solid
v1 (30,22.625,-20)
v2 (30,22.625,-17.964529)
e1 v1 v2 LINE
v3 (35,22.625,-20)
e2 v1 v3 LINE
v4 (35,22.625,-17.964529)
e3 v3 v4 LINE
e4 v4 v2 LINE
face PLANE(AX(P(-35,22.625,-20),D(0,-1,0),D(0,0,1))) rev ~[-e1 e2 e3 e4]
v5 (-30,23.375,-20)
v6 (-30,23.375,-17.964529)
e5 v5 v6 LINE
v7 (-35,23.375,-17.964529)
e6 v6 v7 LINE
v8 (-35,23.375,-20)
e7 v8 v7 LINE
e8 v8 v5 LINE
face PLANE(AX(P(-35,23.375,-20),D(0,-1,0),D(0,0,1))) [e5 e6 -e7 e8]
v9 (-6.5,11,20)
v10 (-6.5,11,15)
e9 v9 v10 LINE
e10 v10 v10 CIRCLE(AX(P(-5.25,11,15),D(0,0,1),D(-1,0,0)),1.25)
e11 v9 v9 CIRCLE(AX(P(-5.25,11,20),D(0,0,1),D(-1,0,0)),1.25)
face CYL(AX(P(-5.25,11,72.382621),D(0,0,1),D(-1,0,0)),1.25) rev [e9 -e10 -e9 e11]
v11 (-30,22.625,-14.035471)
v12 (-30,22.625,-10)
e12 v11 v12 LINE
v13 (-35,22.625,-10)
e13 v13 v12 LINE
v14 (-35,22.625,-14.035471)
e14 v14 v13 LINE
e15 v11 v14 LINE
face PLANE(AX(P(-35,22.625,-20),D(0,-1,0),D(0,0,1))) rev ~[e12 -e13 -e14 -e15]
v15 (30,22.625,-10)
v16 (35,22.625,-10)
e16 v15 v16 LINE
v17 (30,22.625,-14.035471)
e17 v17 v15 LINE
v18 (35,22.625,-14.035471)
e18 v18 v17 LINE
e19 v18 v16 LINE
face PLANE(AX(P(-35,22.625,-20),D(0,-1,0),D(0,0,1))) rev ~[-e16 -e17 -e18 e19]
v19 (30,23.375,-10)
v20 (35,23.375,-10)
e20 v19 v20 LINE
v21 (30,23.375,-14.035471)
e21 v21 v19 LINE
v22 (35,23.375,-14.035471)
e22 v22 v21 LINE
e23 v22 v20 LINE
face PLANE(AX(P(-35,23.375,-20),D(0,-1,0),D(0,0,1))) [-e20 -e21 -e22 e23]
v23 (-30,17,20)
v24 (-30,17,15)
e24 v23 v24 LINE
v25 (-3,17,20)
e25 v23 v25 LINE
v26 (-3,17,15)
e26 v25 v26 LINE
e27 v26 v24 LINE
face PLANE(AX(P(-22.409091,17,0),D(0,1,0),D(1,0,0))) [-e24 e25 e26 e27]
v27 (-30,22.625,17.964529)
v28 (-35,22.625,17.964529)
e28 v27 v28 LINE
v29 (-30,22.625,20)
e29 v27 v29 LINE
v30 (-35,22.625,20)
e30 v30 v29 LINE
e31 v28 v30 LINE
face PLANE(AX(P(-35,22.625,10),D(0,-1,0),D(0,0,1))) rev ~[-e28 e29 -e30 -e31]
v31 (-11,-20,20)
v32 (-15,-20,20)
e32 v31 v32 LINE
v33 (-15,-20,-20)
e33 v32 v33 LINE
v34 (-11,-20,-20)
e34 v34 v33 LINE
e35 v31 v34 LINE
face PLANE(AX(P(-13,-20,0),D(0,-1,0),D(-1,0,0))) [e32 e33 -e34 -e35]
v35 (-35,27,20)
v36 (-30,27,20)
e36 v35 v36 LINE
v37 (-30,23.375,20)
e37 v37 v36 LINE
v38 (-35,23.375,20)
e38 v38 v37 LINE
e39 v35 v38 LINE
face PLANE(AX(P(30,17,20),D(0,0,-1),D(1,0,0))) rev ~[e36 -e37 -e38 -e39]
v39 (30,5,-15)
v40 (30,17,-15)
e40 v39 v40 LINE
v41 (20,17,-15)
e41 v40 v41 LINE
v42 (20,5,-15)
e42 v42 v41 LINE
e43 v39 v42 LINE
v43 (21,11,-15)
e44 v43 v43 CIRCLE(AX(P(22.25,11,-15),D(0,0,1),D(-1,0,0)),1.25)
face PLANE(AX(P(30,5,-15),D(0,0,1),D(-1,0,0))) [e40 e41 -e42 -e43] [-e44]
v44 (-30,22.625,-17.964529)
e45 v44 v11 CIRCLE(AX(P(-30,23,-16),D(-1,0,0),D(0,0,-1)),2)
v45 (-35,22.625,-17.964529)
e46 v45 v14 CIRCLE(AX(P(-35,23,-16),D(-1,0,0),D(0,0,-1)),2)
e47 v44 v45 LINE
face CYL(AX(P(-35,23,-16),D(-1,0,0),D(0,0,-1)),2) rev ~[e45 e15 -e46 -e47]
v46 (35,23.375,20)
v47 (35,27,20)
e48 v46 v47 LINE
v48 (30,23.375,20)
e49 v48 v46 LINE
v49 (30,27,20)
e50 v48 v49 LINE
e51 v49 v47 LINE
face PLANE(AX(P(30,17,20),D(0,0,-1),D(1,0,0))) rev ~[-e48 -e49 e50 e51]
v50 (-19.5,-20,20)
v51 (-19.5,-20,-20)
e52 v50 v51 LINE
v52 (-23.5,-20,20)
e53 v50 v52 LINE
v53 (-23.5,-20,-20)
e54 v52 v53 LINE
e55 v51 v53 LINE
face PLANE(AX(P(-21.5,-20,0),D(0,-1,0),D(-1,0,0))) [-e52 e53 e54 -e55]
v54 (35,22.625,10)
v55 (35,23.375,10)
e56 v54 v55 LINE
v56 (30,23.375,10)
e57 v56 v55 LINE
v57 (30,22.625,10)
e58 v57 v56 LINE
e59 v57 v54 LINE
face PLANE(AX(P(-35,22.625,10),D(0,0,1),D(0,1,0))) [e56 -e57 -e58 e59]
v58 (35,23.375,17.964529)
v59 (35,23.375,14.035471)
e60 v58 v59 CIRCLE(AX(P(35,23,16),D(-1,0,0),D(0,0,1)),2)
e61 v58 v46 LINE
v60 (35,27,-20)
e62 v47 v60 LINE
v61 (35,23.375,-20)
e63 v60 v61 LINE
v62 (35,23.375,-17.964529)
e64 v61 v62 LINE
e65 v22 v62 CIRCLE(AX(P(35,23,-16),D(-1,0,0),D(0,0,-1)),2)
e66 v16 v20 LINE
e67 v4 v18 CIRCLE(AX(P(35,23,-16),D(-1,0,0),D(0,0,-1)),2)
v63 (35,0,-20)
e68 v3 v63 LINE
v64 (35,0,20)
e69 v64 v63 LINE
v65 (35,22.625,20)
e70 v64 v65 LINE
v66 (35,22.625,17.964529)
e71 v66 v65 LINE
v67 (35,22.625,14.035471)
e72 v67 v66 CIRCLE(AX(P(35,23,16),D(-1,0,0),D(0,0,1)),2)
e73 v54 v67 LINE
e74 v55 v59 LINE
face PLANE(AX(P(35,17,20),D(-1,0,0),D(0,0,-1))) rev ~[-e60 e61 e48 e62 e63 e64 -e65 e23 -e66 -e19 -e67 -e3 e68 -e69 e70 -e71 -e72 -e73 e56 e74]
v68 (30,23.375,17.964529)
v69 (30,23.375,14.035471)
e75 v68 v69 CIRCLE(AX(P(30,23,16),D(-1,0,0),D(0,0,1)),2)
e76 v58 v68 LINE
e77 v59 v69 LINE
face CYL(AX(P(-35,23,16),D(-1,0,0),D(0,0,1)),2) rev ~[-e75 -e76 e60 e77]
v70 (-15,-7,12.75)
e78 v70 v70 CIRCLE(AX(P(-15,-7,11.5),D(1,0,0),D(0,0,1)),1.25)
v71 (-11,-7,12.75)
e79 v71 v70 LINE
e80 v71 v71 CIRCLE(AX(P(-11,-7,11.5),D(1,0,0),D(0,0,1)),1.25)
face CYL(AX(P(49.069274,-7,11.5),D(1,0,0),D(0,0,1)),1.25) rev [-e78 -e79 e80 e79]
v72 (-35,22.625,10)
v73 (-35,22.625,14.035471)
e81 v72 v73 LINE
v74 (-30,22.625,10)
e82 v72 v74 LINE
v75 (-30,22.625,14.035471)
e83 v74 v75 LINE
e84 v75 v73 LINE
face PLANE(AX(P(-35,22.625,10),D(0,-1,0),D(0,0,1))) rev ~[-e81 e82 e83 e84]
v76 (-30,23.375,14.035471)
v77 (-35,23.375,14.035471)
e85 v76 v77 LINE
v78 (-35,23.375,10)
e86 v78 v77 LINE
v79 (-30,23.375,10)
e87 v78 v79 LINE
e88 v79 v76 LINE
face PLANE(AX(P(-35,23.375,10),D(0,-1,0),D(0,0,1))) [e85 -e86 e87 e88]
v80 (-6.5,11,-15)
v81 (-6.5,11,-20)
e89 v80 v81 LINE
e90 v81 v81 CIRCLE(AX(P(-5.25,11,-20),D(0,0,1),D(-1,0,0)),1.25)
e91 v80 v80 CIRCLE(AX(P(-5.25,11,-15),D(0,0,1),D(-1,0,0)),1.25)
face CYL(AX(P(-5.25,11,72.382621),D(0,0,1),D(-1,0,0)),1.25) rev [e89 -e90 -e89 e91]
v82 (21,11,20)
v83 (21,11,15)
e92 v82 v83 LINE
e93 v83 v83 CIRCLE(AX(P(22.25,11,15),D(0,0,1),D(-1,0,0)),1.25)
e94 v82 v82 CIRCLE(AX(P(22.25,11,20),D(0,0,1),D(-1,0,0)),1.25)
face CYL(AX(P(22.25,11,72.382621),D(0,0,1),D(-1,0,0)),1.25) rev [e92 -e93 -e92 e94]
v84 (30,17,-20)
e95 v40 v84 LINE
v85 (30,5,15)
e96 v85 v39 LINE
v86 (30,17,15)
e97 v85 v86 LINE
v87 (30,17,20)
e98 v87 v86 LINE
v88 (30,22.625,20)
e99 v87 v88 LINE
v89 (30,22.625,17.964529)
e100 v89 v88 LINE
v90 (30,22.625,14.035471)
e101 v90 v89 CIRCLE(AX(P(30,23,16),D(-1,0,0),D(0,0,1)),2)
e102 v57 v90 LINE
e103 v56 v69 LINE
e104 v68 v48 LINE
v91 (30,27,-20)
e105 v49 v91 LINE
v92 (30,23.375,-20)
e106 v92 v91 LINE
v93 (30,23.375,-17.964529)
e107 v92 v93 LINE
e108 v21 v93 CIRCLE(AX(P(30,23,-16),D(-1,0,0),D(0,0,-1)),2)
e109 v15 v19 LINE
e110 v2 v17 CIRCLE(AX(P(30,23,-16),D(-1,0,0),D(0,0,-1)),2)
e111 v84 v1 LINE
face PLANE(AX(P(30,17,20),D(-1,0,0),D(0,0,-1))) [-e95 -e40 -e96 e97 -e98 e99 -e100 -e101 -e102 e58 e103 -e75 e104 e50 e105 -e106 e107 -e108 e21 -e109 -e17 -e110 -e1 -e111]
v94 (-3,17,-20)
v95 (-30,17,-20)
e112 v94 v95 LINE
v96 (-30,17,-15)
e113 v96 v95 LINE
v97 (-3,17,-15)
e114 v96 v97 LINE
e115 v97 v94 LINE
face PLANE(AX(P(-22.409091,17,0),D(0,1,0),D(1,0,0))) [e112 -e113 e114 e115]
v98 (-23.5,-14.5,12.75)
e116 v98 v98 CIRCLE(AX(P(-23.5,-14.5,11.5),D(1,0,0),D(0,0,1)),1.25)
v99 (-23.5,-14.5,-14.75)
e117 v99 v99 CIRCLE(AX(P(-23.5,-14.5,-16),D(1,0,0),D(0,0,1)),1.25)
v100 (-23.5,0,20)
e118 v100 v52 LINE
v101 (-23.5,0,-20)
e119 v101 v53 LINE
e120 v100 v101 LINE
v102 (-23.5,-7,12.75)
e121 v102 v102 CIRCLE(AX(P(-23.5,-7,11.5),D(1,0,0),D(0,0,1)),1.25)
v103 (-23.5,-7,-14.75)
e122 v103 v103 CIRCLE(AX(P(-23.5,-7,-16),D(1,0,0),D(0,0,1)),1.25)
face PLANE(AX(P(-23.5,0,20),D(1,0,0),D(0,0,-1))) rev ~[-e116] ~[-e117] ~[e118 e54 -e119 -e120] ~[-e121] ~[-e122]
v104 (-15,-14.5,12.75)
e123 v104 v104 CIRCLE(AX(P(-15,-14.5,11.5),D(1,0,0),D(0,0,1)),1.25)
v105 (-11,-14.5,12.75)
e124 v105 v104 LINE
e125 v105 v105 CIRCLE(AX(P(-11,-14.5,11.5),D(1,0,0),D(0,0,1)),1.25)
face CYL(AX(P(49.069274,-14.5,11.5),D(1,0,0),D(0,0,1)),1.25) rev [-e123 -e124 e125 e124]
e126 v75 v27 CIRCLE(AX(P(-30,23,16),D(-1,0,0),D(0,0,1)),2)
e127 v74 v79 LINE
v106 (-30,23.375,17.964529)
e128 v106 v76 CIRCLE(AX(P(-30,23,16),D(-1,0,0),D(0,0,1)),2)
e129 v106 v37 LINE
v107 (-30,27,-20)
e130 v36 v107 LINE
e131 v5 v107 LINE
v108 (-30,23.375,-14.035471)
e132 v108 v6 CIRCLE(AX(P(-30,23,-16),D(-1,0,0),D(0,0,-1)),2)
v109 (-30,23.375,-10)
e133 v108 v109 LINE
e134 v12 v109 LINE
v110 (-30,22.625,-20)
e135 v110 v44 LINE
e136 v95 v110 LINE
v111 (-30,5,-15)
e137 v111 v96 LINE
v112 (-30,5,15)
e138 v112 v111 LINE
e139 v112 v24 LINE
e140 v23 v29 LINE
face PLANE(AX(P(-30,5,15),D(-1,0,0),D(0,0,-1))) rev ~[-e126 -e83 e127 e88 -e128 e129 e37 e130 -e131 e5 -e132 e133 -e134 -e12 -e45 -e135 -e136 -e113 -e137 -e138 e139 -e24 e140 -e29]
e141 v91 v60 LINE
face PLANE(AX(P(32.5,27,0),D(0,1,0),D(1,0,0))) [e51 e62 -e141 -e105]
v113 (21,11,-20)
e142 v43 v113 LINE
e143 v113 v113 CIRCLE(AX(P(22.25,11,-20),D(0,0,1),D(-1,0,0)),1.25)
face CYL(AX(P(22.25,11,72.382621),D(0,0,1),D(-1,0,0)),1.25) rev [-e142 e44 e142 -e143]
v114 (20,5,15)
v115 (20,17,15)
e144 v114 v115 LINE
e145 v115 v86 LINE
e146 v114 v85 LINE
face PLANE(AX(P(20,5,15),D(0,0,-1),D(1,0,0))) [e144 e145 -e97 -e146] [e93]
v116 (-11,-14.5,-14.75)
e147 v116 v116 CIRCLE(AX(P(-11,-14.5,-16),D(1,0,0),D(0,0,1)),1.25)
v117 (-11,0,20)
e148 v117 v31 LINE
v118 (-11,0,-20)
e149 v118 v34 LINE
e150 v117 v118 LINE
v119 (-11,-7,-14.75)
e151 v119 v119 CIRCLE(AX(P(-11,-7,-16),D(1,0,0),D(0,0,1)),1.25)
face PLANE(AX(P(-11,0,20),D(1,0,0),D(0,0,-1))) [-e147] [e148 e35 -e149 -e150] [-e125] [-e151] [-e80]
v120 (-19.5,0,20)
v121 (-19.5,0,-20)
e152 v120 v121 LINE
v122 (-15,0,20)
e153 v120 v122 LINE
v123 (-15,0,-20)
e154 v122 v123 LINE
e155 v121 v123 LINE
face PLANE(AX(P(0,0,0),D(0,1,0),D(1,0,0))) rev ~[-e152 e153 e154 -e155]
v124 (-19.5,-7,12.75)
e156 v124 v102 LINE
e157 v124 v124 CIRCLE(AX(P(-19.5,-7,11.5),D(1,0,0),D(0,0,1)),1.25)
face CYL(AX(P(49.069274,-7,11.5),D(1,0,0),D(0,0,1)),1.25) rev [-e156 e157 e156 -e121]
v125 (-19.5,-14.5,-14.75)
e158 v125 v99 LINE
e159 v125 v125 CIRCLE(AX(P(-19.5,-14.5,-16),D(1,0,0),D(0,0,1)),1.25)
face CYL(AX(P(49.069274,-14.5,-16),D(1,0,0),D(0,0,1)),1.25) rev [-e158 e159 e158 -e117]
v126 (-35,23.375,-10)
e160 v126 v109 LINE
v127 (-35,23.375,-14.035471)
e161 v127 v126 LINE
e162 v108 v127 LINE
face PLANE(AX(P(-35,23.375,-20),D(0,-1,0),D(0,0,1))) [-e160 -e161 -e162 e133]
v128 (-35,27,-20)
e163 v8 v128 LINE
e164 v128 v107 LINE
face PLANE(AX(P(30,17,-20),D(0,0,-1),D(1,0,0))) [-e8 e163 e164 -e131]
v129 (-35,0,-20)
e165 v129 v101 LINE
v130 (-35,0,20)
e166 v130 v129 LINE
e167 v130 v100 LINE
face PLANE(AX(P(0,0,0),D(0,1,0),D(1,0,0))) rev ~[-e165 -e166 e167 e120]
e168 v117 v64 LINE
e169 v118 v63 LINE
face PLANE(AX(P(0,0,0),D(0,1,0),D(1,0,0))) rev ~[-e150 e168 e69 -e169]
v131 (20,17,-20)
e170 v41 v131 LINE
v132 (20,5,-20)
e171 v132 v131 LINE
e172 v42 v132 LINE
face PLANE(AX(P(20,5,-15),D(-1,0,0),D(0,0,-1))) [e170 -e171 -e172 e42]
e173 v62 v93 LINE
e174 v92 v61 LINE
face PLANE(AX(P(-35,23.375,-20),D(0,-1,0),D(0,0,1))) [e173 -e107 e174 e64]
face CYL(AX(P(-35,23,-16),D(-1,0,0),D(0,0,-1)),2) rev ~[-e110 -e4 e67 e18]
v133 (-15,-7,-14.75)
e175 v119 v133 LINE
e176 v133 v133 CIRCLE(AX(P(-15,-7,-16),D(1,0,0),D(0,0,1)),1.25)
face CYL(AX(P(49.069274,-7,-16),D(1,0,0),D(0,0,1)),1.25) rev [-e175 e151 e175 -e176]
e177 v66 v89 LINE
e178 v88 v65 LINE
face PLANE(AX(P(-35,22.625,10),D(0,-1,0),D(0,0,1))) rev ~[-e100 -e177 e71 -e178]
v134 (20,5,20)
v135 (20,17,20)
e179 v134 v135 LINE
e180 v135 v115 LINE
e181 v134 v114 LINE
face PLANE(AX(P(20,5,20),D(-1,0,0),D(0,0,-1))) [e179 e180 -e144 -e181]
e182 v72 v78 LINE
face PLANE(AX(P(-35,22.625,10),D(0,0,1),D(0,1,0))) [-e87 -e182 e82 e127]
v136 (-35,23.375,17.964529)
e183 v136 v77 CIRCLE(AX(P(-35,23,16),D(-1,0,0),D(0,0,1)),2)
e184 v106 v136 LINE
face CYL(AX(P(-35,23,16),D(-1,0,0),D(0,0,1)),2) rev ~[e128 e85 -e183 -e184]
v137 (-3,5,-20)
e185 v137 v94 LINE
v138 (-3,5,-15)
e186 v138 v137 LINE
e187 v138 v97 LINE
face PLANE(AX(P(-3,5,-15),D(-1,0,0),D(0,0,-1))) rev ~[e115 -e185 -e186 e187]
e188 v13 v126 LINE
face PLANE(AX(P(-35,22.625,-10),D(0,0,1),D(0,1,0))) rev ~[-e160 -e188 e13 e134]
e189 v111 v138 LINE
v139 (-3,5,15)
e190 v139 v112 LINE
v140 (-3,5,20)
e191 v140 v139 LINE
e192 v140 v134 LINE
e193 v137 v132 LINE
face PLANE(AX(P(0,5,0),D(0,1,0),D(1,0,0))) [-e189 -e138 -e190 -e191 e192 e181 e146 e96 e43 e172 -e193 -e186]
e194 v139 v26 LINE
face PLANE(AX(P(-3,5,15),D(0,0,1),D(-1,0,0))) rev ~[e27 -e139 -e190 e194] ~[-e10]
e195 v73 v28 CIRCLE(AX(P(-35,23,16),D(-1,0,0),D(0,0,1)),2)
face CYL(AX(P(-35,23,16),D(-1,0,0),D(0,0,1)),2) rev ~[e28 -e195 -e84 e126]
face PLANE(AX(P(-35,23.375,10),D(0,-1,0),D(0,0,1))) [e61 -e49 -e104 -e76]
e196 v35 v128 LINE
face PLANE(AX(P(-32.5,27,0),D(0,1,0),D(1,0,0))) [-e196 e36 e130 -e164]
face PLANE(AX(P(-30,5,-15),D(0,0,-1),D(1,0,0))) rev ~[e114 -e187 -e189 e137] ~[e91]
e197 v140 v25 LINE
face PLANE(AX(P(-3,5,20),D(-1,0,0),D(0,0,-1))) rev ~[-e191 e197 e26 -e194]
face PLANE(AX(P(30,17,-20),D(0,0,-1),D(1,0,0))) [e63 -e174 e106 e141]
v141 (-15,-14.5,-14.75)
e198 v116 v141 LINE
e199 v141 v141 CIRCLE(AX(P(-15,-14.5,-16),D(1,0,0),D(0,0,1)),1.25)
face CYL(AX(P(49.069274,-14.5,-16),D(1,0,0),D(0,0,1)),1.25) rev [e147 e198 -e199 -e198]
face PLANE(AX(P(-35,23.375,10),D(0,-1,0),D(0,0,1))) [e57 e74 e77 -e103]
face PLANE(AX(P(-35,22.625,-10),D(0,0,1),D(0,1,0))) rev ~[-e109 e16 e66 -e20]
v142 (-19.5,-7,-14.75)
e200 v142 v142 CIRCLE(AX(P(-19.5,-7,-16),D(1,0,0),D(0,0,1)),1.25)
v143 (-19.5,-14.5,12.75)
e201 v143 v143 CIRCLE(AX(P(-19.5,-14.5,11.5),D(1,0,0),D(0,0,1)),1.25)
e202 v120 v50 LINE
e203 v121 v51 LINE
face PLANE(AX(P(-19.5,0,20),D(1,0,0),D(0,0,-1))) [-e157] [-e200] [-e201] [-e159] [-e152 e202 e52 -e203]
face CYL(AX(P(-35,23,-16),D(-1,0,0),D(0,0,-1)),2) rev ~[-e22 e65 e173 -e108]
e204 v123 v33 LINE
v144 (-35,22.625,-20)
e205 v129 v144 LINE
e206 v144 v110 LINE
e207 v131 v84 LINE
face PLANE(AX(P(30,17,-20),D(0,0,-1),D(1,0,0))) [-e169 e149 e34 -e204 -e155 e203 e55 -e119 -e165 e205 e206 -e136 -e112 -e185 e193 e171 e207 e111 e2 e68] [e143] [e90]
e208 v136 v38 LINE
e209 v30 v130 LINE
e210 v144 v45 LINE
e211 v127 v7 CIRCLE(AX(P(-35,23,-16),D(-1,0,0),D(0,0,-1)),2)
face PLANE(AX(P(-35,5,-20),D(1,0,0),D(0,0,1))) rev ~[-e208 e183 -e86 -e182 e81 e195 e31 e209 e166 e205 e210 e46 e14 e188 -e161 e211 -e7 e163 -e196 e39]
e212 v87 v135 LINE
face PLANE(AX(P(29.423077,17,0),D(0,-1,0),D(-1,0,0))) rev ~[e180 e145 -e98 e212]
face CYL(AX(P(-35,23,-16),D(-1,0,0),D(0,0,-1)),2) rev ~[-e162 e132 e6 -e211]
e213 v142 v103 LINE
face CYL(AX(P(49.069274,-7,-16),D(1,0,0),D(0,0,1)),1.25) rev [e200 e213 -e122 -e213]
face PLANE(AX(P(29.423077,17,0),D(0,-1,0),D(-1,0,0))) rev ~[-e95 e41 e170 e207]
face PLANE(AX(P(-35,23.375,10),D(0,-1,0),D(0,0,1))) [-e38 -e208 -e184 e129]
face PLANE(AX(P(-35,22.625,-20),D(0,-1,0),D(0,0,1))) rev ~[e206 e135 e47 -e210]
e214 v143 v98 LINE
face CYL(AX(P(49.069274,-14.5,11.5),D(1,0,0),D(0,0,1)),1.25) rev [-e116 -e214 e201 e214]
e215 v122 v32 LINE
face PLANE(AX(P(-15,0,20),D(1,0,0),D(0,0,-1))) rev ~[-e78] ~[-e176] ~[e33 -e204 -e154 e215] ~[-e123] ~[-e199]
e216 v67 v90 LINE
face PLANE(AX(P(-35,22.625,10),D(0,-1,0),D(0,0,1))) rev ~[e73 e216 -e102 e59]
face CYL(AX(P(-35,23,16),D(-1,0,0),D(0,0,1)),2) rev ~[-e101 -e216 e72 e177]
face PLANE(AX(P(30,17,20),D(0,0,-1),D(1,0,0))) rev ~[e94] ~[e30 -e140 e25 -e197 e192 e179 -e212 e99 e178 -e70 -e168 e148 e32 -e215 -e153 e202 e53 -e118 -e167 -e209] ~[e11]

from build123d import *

# Parameters (mm, degrees)
SKETCH1_W               = 70
SKETCH1_H               = 40
BOSS_EXTRUDE1_DEPTH     = 5
BOSS_EXTRUDE2_DEPTH     = 12
SKETCH3_W               = 5
SKETCH3_H               = 40
BOSS_EXTRUDE3_DEPTH     = 10
SKETCH5_R               = 2
CUT_EXTRUDE1_DEPTH      = 78.646635471
CUT_EXTRUDE3_DEPTH      = 57.382621436
CUT_EXTRUDE3_DEPTH_BACK = 57.382621436
SKETCH7_R               = 1.25
SKETCH8_W               = 10
SKETCH8_H               = 0.75
CUT_EXTRUDE4_DEPTH      = 78.646635471
SKETCH9_W               = 4
SKETCH9_H               = 40
BOSS_EXTRUDE4_DEPTH     = 20
CUT_EXTRUDE5_DEPTH      = 50.727549083
CUT_EXTRUDE5_DEPTH_BACK = 50.727549083
SKETCH11_R              = 1.25


with BuildPart() as part:
    # Sketch1 → Boss-Extrude1 (new body)
    with BuildSketch(Plane(origin=(0, 0, 0), x_dir=(1, 0, 0), z_dir=(0, 1, 0))):
        Rectangle(SKETCH1_W, SKETCH1_H)
    extrude(amount=BOSS_EXTRUDE1_DEPTH)

    # Sketch2 → Boss-Extrude2 (add)
    with BuildSketch(Plane(origin=(0, 5, 0), x_dir=(1, 0, 0), z_dir=(0, 1, 0))):
        Polygon((-3, -20), (-3, -15), (-30, -15), (-30, 15), (-3, 15), (-3, 20), (-35, 20), (-35, -20), align=None)
        Polygon((20, -15), (30, -15), (30, 15), (20, 15), (20, 20), (35, 20), (35, -20), (20, -20), align=None)
    extrude(amount=BOSS_EXTRUDE2_DEPTH)

    # Sketch3 → Boss-Extrude3 (add)
    with BuildSketch(Plane(origin=(0, 17, 0), x_dir=(1, 0, 0), z_dir=(0, 1, 0))):
        with Locations((32.5, 0)):
            Rectangle(SKETCH3_W, SKETCH3_H)
        with Locations((-32.5, 0)):
            Rectangle(SKETCH3_W, SKETCH3_H)
    extrude(amount=BOSS_EXTRUDE3_DEPTH)

    # Sketch5 → Cut-Extrude1 (cut, through all)
    with BuildSketch(Plane.ZY.offset(35)):
        with Locations((16, 23)):
            Circle(SKETCH5_R)
        with Locations(Location((-16, 23, 0), (0, 0, 180))):
            Circle(SKETCH5_R)
    extrude(amount=-CUT_EXTRUDE1_DEPTH, mode=Mode.SUBTRACT)

    # Sketch7 → Cut-Extrude3 (cut, two sides: drawn at the far end of the back side and taken through both)
    with BuildSketch(Plane(origin=(0, 0, 15), x_dir=(-1, 0, 0), z_dir=(0, 0, -1)).offset(-CUT_EXTRUDE3_DEPTH_BACK)):
        with Locations((-22.25, 11)):
            Circle(SKETCH7_R)
        with Locations((5.25, 11)):
            Circle(SKETCH7_R)
    extrude(amount=CUT_EXTRUDE3_DEPTH + CUT_EXTRUDE3_DEPTH_BACK, mode=Mode.SUBTRACT)

    # Sketch8 → Cut-Extrude4 (cut, through all)
    with BuildSketch(Plane.ZY.offset(35)):
        with Locations((15, 23)):
            Rectangle(SKETCH8_W, SKETCH8_H)
        with Locations((-15, 23)):
            Rectangle(SKETCH8_W, SKETCH8_H)
    extrude(amount=-CUT_EXTRUDE4_DEPTH, mode=Mode.SUBTRACT)

    # Sketch9 → Boss-Extrude4 (add)
    with BuildSketch(Plane(origin=(0, 0, 0), x_dir=(-1, 0, 0), z_dir=(0, -1, 0))):
        with Locations((21.5, 0)):
            Rectangle(SKETCH9_W, SKETCH9_H)
        with Locations((13, 0)):
            Rectangle(SKETCH9_W, SKETCH9_H)
    extrude(amount=BOSS_EXTRUDE4_DEPTH)

    # Sketch11 → Cut-Extrude5 (cut, two sides: drawn at the far end of the back side and taken through both)
    with BuildSketch(Plane.ZY.offset(1.658275161).offset(-CUT_EXTRUDE5_DEPTH_BACK)):
        with Locations((11.5, -14.5)):
            Circle(SKETCH11_R)
        with Locations((-16, -14.5)):
            Circle(SKETCH11_R)
        with Locations((-16, -7)):
            Circle(SKETCH11_R)
        with Locations((11.5, -7)):
            Circle(SKETCH11_R)
    extrude(amount=CUT_EXTRUDE5_DEPTH + CUT_EXTRUDE5_DEPTH_BACK, mode=Mode.SUBTRACT)


solid = part.part
